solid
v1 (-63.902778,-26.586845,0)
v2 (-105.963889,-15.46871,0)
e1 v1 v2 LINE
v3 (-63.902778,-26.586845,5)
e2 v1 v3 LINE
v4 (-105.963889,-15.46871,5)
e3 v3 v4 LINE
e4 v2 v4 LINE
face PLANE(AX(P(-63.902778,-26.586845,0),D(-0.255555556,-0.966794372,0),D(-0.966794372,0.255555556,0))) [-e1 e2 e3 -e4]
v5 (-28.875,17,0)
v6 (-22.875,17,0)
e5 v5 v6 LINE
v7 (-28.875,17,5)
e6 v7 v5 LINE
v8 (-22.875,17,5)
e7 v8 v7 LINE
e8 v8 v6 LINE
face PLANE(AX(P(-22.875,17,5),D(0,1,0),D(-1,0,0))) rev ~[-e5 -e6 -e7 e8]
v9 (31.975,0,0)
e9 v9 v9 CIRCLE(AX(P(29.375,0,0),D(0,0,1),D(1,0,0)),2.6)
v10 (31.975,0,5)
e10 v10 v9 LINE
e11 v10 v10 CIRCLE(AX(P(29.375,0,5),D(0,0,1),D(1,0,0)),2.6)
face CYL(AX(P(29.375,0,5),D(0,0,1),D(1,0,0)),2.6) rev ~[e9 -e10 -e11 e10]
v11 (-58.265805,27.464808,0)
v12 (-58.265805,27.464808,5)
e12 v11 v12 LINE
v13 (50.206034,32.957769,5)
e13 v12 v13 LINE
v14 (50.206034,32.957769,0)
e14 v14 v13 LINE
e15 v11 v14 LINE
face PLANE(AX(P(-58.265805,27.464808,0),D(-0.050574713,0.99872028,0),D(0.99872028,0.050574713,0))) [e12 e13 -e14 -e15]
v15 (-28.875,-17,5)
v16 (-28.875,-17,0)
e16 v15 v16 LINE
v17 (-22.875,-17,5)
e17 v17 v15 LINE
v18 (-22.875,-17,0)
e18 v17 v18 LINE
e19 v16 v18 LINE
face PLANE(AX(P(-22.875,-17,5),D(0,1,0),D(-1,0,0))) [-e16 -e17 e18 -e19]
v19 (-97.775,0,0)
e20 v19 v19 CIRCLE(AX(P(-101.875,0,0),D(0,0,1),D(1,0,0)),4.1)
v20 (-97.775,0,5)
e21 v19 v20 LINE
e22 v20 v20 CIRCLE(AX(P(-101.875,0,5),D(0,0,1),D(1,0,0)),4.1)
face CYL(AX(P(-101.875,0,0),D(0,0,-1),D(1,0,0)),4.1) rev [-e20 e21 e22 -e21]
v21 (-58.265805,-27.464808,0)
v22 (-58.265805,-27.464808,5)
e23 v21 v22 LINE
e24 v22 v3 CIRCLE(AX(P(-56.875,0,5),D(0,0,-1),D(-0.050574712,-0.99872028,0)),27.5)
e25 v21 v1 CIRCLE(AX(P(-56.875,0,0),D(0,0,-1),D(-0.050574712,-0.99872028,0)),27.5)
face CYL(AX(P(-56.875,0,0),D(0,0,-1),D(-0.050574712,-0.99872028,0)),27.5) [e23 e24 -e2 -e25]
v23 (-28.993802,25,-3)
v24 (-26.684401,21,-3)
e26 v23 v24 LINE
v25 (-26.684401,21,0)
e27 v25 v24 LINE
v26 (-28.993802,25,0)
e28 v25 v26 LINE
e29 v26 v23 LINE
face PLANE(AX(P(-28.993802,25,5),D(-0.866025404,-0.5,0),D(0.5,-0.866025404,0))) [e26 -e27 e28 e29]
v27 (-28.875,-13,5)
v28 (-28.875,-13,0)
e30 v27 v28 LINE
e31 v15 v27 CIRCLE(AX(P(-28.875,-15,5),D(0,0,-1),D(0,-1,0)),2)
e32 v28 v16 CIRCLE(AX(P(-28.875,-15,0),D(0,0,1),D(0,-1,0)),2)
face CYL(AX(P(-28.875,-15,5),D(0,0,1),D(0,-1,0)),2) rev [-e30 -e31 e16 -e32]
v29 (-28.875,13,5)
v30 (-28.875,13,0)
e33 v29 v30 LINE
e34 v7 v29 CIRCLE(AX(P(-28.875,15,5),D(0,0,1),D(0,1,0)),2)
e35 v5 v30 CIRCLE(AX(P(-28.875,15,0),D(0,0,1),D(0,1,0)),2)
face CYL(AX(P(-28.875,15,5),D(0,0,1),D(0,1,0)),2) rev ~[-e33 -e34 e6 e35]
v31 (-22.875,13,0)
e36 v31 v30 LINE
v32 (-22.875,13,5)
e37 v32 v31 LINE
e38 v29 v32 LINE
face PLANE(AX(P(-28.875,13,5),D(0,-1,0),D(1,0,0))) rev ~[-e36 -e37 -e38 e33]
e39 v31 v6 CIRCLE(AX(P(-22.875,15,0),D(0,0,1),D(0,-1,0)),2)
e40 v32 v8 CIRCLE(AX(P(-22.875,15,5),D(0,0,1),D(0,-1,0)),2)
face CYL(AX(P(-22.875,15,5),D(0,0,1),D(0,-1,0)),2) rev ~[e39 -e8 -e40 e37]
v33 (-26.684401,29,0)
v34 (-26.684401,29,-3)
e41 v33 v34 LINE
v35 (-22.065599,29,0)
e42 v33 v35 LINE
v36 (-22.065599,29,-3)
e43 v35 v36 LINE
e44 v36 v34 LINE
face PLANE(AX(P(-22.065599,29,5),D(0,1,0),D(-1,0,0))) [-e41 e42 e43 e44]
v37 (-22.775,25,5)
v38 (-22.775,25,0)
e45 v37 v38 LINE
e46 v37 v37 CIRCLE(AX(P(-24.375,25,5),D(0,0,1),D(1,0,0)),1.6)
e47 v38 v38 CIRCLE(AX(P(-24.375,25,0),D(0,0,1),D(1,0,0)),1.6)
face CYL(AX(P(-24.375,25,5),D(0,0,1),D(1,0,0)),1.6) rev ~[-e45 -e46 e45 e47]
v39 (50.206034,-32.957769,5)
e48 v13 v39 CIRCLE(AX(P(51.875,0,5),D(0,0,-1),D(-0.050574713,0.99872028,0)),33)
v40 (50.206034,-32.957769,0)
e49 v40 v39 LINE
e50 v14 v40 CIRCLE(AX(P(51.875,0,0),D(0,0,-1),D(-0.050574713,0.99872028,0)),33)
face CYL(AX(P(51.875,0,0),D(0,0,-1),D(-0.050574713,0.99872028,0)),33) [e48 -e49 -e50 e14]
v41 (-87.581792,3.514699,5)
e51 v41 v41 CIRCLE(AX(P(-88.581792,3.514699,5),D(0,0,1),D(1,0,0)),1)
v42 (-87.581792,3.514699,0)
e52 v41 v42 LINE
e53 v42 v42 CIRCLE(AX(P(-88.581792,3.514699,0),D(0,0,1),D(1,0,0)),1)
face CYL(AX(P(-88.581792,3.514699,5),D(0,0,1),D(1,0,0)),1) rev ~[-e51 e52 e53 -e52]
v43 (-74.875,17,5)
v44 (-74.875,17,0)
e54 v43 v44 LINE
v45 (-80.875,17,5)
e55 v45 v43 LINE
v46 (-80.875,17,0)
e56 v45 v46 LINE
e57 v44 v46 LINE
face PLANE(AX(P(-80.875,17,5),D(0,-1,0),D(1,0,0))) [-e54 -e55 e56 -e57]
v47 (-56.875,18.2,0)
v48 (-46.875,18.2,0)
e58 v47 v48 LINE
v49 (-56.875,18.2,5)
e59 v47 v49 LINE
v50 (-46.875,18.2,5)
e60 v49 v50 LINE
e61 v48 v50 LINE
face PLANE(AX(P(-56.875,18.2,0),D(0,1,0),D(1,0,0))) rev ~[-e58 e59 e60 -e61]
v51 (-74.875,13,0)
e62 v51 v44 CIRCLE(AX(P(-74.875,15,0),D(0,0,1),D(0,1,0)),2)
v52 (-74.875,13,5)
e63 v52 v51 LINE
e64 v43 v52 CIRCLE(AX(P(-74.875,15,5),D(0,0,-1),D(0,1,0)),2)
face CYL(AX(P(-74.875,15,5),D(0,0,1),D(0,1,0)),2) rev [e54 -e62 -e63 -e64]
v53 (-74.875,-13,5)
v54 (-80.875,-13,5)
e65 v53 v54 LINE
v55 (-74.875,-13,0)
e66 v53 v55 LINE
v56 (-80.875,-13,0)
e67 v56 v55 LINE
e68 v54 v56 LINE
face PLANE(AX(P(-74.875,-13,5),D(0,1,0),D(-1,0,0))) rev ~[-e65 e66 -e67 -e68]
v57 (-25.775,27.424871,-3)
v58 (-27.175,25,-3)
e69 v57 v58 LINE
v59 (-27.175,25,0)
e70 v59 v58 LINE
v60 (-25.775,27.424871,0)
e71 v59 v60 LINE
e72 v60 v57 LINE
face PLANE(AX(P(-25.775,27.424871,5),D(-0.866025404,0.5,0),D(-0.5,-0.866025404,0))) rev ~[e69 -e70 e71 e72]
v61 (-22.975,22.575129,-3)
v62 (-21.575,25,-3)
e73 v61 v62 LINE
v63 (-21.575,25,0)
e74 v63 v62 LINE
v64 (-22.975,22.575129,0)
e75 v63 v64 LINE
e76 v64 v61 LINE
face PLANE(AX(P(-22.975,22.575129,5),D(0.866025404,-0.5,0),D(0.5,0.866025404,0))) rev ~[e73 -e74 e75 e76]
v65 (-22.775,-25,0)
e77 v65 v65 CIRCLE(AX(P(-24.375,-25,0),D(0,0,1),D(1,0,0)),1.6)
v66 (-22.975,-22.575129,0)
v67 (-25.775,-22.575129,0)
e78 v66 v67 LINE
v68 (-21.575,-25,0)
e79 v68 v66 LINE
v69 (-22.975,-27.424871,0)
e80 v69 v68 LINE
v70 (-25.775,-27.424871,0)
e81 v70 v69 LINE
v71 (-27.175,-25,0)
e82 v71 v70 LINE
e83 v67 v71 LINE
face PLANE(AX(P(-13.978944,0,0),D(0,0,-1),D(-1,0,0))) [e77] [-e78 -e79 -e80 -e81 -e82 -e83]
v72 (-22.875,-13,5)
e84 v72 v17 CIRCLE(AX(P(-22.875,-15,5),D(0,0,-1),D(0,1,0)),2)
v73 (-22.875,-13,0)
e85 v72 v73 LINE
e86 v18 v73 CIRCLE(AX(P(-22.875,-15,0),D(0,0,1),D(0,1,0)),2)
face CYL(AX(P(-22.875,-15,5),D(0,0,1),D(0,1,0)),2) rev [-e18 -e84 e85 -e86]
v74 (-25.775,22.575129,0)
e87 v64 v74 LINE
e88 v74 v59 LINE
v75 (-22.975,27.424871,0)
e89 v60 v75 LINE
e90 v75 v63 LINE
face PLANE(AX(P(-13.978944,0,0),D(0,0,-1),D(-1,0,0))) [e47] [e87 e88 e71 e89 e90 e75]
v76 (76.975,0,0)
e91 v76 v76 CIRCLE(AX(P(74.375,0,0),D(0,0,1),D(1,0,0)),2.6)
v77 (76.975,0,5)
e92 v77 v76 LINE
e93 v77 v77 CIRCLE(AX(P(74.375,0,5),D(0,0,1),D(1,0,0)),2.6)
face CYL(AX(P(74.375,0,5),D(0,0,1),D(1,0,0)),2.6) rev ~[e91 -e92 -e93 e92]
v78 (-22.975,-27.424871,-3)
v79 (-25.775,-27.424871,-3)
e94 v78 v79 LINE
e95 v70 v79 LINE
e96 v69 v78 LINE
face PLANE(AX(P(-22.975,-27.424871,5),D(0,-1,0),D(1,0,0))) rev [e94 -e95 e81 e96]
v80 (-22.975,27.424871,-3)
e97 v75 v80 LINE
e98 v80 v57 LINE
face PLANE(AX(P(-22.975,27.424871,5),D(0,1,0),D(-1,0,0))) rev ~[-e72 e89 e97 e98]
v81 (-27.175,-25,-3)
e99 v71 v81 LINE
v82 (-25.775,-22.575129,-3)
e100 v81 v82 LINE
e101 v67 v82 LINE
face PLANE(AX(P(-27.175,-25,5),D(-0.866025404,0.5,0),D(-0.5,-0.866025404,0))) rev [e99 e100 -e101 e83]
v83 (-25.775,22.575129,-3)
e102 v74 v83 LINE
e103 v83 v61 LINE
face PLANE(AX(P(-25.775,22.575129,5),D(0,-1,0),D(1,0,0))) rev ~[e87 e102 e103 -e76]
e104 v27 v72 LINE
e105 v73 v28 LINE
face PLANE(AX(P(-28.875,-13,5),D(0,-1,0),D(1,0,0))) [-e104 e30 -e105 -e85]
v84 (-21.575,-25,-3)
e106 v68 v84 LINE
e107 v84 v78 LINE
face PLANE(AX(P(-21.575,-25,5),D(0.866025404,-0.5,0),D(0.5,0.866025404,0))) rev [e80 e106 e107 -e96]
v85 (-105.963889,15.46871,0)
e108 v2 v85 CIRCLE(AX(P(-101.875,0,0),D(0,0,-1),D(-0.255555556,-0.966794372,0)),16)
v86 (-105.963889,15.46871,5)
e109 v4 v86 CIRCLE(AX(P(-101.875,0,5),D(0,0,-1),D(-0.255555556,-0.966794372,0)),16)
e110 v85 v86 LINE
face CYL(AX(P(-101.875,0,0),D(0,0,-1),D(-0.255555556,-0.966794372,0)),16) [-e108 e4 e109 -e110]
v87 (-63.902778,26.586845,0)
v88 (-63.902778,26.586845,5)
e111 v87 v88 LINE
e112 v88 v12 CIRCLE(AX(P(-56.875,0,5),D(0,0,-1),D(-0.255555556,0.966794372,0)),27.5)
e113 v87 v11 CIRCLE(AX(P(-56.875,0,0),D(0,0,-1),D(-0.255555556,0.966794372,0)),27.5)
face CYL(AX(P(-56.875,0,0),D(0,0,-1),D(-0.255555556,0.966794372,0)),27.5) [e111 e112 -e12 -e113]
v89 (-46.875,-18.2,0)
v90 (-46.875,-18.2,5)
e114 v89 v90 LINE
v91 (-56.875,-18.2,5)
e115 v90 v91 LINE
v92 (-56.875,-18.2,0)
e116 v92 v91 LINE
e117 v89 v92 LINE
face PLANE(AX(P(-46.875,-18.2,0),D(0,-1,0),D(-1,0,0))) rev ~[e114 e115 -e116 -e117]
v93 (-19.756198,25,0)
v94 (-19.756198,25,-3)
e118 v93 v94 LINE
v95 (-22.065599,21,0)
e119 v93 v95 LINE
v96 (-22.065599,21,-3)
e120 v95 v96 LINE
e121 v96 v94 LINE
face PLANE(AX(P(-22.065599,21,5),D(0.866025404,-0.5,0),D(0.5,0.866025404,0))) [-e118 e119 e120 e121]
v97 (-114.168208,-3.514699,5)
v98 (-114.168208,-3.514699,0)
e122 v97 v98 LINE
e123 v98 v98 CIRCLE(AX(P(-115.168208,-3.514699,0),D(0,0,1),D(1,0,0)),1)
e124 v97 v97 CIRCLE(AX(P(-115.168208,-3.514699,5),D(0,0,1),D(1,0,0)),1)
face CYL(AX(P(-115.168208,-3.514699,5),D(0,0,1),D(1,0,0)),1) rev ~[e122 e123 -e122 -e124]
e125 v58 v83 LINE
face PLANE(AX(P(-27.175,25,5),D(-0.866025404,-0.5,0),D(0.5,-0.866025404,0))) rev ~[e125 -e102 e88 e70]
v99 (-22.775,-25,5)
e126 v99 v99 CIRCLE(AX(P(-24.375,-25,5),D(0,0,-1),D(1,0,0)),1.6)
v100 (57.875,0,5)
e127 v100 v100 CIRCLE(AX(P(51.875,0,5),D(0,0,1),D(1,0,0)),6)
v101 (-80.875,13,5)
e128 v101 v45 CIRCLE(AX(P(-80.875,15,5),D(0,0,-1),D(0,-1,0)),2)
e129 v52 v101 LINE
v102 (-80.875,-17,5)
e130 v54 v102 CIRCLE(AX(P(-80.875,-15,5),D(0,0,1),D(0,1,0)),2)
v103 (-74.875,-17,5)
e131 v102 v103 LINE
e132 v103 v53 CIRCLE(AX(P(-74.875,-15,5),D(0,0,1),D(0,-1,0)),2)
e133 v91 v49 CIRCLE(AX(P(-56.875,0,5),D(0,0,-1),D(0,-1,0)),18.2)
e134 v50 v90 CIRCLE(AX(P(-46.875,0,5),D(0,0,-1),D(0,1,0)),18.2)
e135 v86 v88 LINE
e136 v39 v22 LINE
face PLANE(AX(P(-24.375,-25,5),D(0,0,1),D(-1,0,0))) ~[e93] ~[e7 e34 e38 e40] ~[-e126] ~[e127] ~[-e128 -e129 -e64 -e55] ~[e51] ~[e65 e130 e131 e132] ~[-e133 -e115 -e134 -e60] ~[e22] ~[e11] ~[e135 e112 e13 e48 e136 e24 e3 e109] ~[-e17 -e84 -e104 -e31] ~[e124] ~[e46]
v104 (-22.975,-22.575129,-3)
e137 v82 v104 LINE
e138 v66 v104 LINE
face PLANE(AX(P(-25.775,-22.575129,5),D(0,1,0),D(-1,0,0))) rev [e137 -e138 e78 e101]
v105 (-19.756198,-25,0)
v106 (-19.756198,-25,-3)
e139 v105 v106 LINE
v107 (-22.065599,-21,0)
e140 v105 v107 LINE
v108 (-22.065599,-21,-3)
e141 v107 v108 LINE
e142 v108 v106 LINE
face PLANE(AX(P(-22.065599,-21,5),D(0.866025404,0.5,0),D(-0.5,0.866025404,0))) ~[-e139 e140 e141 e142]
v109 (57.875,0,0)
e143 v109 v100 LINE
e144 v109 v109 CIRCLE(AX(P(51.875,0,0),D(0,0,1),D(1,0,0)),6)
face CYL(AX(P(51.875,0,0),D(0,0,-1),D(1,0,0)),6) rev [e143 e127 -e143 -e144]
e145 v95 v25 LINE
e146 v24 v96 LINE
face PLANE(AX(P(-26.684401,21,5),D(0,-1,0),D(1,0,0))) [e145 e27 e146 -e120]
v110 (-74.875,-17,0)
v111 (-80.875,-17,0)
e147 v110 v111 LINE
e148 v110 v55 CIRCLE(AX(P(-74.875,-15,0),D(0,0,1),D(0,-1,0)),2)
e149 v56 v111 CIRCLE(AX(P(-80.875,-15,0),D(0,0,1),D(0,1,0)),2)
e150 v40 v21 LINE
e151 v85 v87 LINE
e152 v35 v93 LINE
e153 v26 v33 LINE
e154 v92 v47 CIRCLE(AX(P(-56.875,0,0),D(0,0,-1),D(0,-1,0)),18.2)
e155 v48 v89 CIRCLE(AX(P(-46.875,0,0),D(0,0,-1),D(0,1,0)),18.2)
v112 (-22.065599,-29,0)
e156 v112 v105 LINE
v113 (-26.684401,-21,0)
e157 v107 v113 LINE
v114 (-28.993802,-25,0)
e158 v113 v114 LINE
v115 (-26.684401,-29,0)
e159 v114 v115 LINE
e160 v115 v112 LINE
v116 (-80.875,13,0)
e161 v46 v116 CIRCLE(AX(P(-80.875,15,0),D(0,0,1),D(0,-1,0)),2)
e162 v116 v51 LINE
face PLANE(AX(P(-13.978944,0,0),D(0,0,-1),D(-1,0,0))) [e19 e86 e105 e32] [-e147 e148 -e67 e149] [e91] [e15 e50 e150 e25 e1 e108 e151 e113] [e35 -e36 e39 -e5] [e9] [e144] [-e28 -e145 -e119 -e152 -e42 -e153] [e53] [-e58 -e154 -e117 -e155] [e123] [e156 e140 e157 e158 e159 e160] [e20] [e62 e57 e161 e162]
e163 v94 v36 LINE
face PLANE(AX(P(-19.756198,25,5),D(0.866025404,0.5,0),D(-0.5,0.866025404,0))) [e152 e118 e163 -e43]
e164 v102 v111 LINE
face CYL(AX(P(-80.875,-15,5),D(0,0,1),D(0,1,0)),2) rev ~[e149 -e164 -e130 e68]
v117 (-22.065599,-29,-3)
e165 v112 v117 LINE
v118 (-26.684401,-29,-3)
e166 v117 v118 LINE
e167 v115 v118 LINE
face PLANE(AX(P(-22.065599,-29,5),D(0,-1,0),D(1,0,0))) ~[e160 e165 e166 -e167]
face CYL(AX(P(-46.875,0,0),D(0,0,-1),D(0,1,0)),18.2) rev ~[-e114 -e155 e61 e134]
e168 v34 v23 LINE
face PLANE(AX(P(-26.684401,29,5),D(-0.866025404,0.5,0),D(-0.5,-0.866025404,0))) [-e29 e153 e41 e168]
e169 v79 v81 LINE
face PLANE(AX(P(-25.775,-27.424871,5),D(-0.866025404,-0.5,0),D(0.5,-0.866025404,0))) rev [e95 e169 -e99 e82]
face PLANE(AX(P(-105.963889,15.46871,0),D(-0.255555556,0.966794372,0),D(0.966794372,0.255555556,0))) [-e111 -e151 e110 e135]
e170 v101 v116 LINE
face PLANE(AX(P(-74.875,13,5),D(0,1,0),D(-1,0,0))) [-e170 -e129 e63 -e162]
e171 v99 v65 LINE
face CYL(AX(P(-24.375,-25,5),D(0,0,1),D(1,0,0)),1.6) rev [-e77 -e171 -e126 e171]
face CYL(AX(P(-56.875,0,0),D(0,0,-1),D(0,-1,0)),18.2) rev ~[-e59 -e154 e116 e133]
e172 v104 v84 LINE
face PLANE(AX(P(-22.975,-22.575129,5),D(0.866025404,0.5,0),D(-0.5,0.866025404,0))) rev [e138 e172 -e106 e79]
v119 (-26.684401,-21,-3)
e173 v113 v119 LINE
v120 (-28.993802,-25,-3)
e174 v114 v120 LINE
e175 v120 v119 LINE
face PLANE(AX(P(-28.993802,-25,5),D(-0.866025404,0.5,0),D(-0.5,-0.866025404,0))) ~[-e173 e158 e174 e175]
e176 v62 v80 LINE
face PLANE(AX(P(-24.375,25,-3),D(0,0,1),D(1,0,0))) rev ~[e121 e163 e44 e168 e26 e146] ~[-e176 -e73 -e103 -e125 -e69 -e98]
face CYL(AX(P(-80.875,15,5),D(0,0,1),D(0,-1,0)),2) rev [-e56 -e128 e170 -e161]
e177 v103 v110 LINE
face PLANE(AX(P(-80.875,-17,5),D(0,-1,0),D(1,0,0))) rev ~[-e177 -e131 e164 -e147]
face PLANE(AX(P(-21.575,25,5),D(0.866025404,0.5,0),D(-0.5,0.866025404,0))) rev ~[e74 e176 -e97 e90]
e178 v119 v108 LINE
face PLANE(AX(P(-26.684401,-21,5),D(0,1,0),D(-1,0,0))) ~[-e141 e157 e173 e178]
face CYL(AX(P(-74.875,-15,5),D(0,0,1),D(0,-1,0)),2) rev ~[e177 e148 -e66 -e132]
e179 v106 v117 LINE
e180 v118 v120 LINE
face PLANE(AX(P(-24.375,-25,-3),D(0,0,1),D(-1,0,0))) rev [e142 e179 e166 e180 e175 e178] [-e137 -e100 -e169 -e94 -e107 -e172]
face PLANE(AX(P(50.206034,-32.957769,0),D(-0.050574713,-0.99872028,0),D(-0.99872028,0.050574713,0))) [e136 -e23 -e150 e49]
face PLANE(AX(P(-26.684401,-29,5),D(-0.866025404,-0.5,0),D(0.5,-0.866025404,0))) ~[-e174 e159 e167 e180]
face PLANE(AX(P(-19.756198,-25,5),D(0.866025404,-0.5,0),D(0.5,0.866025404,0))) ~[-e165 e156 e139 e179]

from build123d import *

# Parameters (mm, degrees)
SKETCH1_R           = 4.1
SKETCH1_R_2         = 6
BOSS_EXTRUDE1_DEPTH = 5
SKETCH7_R           = 2.6
CUT_EXTRUDE1_DEPTH  = 7
BOSS_EXTRUDE7_DEPTH = 8
SKETCH9_R           = 1.6
CUT_EXTRUDE2_DEPTH  = 7
CUT_EXTRUDE3_DEPTH  = 10
SKETCH11_R          = 1
CUT_EXTRUDE4_DEPTH  = 10


with BuildPart() as part:
    # Sketch1 → Boss-Extrude1 (new body)
    with BuildSketch(Plane.XY):
        with BuildLine():
            Line((50.206034483, 32.957769253), (-58.265804598, 27.46480771))
            ThreePointArc((-58.265804598, 27.46480771), (-61.107119662, 27.172397082), (-63.902777778, 26.586845234))
            Line((-63.902777778, 26.586845234), (-105.963888889, 15.468709954))
            ThreePointArc((-105.963888889, 15.468709954), (-117.875, 0), (-105.963888889, -15.468709954))
            Line((-105.963888889, -15.468709954), (-63.902777778, -26.586845234))
            ThreePointArc((-63.902777778, -26.586845234), (-61.107119662, -27.172397082), (-58.265804598, -27.46480771))
            Line((-58.265804598, -27.46480771), (50.206034483, -32.957769253))
            ThreePointArc((50.206034483, -32.957769253), (84.875, 0), (50.206034483, 32.957769253))
        make_face()
        with Locations((-101.875, 0)):
            Circle(SKETCH1_R, mode=Mode.SUBTRACT)
        with BuildLine():
            ThreePointArc((-46.875, 18.2), (-28.675, 0), (-46.875, -18.2))
            Line((-46.875, -18.2), (-56.875, -18.2))
            ThreePointArc((-56.875, -18.2), (-75.075, 0), (-56.875, 18.2))
            Line((-56.875, 18.2), (-46.875, 18.2))
        make_face(mode=Mode.SUBTRACT)
        with Locations((51.875, 0)):
            Circle(SKETCH1_R_2, mode=Mode.SUBTRACT)
    extrude(amount=BOSS_EXTRUDE1_DEPTH)

    # Sketch7 → Cut-Extrude1 (cut)
    with BuildSketch(Plane.XY.offset(5)):
        with Locations((29.375, 0)):
            Circle(SKETCH7_R)
        with Locations((74.375, 0)):
            Circle(SKETCH7_R)
    extrude(amount=-CUT_EXTRUDE1_DEPTH, mode=Mode.SUBTRACT)

    # Sketch8 → Boss-Extrude7 (add)
    with BuildSketch(Plane.XY.offset(5)):
        Polygon((-28.993802154, 25), (-26.684401077, 21), (-22.065598923, 21), (-19.756197846, 25), (-22.065598923, 29), (-26.684401077, 29), align=None)
        Polygon((-25.775, 27.424871131), (-27.175, 25), (-25.775, 22.575128869), (-22.975, 22.575128869), (-21.575, 25), (-22.975, 27.424871131), align=None, mode=Mode.SUBTRACT)
    boss_extrude7 = extrude(amount=-BOSS_EXTRUDE7_DEPTH)

    # Sketch9 → Cut-Extrude2 (cut)
    with BuildSketch(Plane.XY.offset(5)):
        with Locations((-24.375, 25)):
            Circle(SKETCH9_R)
    cut_extrude2 = extrude(amount=-CUT_EXTRUDE2_DEPTH, mode=Mode.SUBTRACT)

    # Mirror1: Boss-Extrude7 across plane
    add(boss_extrude7.mirror(Plane.ZX))

    # Mirror2: Cut-Extrude2 across plane
    add(cut_extrude2.mirror(Plane.ZX), mode=Mode.SUBTRACT)

    # Sketch10 → Cut-Extrude3 (cut)
    with BuildSketch(Plane.XY.offset(5)):
        with BuildLine():
            Line((-80.875, 13), (-74.875, 13))
            ThreePointArc((-74.875, 13), (-72.875, 15), (-74.875, 17))
            Line((-74.875, 17), (-80.875, 17))
            ThreePointArc((-80.875, 17), (-82.875, 15), (-80.875, 13))
        make_face()
        with BuildLine():
            ThreePointArc((-74.875, -13), (-72.875, -15), (-74.875, -17))
            Line((-74.875, -17), (-80.875, -17))
            ThreePointArc((-80.875, -17), (-82.875, -15), (-80.875, -13))
            Line((-80.875, -13), (-74.875, -13))
        make_face()
        with BuildLine():
            Line((-22.875, -13), (-28.875, -13))
            ThreePointArc((-28.875, -13), (-30.875, -15), (-28.875, -17))
            Line((-28.875, -17), (-22.875, -17))
            ThreePointArc((-22.875, -17), (-20.875, -15), (-22.875, -13))
        make_face()
        with BuildLine():
            ThreePointArc((-28.875, 13), (-30.875, 15), (-28.875, 17))
            Line((-28.875, 17), (-22.875, 17))
            ThreePointArc((-22.875, 17), (-20.875, 15), (-22.875, 13))
            Line((-22.875, 13), (-28.875, 13))
        make_face()
    extrude(amount=-CUT_EXTRUDE3_DEPTH, mode=Mode.SUBTRACT)

    # Sketch11 → Cut-Extrude4 (cut)
    with BuildSketch(Plane.XY.offset(5)):
        with Locations((-115.168208365, -3.514699328)):
            Circle(SKETCH11_R)
        with Locations((-88.581791635, 3.514699328)):
            Circle(SKETCH11_R)
    extrude(amount=-CUT_EXTRUDE4_DEPTH, mode=Mode.SUBTRACT)


solid = part.part
